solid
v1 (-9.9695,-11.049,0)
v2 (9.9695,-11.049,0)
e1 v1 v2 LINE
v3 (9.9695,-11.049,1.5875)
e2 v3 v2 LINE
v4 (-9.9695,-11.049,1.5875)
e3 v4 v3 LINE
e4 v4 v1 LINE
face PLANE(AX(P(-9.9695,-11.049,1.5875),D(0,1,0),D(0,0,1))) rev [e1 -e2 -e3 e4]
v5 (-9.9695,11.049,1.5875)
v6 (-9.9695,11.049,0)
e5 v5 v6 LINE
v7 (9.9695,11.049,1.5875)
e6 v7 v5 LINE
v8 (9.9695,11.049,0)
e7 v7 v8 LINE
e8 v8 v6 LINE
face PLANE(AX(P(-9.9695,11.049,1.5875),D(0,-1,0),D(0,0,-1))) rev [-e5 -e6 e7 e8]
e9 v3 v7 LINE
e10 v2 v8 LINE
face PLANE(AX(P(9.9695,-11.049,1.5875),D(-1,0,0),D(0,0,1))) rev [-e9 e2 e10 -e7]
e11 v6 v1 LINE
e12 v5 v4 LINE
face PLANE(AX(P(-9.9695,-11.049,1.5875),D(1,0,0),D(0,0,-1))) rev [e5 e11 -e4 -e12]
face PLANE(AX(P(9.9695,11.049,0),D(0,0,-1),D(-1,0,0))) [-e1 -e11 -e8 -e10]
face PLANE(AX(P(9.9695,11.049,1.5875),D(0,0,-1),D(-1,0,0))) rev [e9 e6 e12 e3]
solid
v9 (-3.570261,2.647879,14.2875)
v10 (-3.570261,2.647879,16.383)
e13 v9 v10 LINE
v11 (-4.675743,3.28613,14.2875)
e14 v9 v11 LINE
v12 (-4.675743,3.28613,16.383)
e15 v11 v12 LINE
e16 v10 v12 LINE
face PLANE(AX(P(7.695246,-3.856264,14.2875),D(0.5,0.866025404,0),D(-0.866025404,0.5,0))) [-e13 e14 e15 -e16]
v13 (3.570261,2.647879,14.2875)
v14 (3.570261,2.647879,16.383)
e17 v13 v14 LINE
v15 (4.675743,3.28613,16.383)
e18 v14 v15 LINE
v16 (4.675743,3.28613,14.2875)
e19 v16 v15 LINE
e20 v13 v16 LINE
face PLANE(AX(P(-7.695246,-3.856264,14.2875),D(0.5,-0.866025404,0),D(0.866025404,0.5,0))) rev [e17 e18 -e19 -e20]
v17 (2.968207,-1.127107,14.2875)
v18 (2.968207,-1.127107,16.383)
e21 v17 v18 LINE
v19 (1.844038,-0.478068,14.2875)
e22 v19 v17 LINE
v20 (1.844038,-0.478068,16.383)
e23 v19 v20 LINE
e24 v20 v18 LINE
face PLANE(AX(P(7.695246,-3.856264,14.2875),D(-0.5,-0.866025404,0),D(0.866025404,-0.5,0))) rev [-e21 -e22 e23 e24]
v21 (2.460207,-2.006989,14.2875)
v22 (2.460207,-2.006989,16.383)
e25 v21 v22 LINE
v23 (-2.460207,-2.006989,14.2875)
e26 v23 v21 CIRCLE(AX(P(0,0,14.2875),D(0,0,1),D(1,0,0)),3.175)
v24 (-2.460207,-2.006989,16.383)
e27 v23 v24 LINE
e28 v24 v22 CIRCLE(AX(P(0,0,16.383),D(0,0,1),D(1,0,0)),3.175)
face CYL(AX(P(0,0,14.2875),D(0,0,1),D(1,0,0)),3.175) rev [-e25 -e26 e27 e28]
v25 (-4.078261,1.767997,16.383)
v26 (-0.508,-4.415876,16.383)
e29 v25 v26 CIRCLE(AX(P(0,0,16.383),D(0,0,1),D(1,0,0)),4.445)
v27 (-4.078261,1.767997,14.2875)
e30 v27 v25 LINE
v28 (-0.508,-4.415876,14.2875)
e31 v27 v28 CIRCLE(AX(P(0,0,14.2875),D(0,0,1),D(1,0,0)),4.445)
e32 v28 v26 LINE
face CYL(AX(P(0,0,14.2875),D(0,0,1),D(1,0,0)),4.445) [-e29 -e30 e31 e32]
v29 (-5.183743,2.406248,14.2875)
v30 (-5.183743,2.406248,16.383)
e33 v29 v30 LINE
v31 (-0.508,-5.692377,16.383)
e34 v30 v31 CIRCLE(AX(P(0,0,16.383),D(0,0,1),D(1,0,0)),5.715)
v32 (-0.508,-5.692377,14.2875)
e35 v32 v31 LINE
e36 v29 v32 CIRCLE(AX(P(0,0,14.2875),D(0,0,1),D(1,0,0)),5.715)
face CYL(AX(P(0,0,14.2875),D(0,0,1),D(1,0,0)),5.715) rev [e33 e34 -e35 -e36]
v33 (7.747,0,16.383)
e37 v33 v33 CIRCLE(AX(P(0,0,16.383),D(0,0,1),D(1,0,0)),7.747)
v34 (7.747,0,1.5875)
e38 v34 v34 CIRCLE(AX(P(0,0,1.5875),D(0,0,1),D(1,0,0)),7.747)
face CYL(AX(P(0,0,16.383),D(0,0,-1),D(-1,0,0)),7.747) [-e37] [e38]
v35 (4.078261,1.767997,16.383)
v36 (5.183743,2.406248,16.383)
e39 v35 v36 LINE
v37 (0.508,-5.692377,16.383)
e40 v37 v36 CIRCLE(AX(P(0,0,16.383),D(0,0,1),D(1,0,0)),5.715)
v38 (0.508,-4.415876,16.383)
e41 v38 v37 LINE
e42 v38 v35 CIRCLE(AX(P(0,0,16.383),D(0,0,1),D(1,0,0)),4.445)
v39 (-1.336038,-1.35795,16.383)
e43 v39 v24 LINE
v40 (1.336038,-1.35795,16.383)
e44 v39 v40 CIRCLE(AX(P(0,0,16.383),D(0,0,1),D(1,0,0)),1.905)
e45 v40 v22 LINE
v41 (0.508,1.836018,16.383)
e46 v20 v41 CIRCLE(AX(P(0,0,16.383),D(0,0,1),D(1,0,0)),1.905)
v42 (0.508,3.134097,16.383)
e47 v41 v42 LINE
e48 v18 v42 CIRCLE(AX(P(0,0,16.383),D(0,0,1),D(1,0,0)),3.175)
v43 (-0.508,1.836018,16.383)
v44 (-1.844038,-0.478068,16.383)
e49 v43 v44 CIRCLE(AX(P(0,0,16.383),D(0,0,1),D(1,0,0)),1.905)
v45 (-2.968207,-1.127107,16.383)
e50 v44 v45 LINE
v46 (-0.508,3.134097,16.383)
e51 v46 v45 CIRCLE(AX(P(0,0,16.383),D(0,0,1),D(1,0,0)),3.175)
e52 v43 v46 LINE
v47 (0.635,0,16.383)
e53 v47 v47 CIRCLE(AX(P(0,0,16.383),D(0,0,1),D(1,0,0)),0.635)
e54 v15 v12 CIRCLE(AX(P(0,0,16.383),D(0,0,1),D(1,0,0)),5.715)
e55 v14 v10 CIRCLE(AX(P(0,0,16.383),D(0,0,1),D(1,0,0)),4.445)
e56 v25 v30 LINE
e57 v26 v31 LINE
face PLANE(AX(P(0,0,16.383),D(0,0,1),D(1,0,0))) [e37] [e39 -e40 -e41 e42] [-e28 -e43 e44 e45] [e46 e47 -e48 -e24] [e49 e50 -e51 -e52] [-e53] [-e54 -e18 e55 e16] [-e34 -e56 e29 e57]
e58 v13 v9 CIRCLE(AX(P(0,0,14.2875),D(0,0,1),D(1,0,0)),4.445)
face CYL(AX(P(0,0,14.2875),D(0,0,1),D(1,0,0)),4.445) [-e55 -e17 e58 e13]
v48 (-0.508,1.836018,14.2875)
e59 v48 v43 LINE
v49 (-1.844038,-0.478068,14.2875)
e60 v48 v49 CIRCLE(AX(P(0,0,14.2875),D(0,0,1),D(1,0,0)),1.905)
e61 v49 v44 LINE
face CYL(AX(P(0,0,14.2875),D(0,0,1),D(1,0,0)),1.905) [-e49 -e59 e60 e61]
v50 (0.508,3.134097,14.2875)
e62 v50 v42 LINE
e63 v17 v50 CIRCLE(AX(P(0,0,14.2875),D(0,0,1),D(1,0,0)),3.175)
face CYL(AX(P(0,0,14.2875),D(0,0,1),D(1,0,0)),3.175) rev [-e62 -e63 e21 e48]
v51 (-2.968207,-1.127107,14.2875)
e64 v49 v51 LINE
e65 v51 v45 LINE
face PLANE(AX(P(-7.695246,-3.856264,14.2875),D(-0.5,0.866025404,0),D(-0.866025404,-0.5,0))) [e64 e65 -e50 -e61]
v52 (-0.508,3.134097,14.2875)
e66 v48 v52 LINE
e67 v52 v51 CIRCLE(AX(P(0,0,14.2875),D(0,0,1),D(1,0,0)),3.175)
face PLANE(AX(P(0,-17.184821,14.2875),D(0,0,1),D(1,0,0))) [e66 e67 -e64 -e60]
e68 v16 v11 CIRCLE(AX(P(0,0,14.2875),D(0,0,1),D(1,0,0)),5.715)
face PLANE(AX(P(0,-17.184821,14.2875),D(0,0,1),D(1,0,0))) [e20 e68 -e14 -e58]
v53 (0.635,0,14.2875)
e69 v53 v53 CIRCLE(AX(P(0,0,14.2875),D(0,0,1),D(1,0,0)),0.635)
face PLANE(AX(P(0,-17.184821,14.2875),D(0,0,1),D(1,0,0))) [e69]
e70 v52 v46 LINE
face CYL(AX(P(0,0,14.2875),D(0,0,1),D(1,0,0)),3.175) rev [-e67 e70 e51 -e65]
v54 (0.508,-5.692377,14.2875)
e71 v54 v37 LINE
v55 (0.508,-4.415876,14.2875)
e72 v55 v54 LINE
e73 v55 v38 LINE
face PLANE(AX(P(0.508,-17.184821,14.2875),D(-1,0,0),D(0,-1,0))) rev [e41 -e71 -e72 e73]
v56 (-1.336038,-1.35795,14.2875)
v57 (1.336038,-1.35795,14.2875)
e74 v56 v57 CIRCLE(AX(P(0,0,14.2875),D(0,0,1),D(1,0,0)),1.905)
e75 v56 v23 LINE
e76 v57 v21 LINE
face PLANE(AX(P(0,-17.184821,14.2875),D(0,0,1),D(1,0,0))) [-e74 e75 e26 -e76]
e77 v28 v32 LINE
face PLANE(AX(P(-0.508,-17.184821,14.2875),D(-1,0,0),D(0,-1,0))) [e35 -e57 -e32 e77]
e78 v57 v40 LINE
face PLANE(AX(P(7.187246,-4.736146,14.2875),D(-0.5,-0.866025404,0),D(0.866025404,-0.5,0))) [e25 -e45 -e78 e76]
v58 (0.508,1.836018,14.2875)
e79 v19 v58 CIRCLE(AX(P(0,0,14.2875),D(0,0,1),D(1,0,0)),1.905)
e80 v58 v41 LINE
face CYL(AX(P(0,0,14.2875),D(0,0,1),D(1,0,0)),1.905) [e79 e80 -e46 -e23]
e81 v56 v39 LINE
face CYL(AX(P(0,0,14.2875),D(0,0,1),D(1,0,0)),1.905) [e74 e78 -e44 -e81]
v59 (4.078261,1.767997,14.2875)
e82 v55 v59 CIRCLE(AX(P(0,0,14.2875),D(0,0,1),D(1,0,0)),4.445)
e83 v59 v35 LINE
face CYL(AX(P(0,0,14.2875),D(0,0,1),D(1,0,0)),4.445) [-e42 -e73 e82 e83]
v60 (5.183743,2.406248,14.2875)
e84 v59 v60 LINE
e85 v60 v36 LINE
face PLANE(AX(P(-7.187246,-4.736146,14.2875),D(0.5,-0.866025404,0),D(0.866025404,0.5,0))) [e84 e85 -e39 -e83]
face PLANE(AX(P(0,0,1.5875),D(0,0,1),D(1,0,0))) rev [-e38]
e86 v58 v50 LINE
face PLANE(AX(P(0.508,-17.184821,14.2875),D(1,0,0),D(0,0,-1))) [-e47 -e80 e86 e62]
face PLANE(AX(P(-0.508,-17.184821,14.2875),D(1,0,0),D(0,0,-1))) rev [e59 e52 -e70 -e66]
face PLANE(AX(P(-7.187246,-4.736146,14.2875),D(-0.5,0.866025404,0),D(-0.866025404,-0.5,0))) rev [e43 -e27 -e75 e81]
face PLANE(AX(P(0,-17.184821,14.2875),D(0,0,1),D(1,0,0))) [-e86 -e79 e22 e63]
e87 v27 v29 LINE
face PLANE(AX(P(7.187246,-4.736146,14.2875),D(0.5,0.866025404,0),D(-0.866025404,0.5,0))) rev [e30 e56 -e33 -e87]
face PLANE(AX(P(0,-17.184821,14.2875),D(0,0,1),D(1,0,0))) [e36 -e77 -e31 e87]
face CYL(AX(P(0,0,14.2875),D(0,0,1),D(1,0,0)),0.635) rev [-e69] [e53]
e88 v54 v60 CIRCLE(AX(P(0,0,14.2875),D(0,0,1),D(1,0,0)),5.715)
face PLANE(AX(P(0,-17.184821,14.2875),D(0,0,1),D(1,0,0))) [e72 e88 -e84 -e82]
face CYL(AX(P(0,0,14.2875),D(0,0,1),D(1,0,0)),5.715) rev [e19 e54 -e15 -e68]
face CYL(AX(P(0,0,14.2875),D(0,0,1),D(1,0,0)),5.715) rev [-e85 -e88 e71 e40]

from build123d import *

# Parameters (mm, degrees)
SKETCH1_W      = 19.939
SKETCH1_H      = 22.098
EXTRUDE1_DEPTH = 1.5875
SKETCH2_R      = 7.747
EXTRUDE2_DEPTH = 14.7955
SKETCH3_R      = 0.635
EXTRUDE3_DEPTH = 2.0955


with BuildPart() as part:
    # Sketch1 → Extrude1 (new body)
    with BuildSketch(Plane.XY):
        Rectangle(SKETCH1_W, SKETCH1_H)
    extrude(amount=EXTRUDE1_DEPTH)


with BuildPart() as body_2:
    # Sketch2 → Extrude2 (new body)
    with BuildSketch(Plane.XY.offset(1.5875)):
        Circle(SKETCH2_R)
    extrude(amount=EXTRUDE2_DEPTH)

    # Sketch3 → Extrude3 (cut)
    with BuildSketch(Plane.XY.offset(16.383)):
        with BuildLine():
            Line((3.570260811, 2.647878914), (4.675743477, 3.286129629))
            ThreePointArc((4.675743477, 3.286129629), (0, 5.715), (-4.675743477, 3.286129629))
            Line((-4.675743477, 3.286129629), (-3.570260811, 2.647878914))
            ThreePointArc((-3.570260811, 2.647878914), (0, 4.445), (3.570260811, 2.647878914))
        make_face()
        with BuildLine():
            Line((-4.078260811, 1.767997104), (-5.183743477, 2.406247818))
            ThreePointArc((-5.183743477, 2.406247818), (-4.949335183, -2.8575), (-0.508, -5.692377447))
            Line((-0.508, -5.692377447), (-0.508, -4.415876017))
            ThreePointArc((-0.508, -4.415876017), (-3.84948292, -2.2225), (-4.078260811, 1.767997104))
        make_face()
        with BuildLine():
            Line((-0.508, 1.836017701), (-0.508, 3.134096521))
            ThreePointArc((-0.508, 3.134096521), (-2.749630657, 1.5875), (-2.968207205, -1.127107355))
            Line((-2.968207205, -1.127107355), (-1.844037971, -0.478067946))
            ThreePointArc((-1.844037971, -0.478067946), (-1.649778394, 0.9525), (-0.508, 1.836017701))
        make_face()
        with BuildLine():
            Line((-1.336037971, -1.357949756), (-2.460207205, -2.006989165))
            ThreePointArc((-2.460207205, -2.006989165), (0, -3.175), (2.460207205, -2.006989165))
            Line((2.460207205, -2.006989165), (1.336037971, -1.357949756))
            ThreePointArc((1.336037971, -1.357949756), (0, -1.905), (-1.336037971, -1.357949756))
        make_face()
        Circle(SKETCH3_R)
        with BuildLine():
            Line((1.844037971, -0.478067946), (2.968207205, -1.127107355))
            ThreePointArc((2.968207205, -1.127107355), (2.749630657, 1.5875), (0.508, 3.134096521))
            Line((0.508, 3.134096521), (0.508, 1.836017701))
            ThreePointArc((0.508, 1.836017701), (1.649778394, 0.9525), (1.844037971, -0.478067946))
        make_face()
        with BuildLine():
            ThreePointArc((0.508, -4.415876017), (3.84948292, -2.2225), (4.078260811, 1.767997104))
            Line((4.078260811, 1.767997104), (5.183743477, 2.406247818))
            ThreePointArc((5.183743477, 2.406247818), (4.949335183, -2.8575), (0.508, -5.692377447))
            Line((0.508, -5.692377447), (0.508, -4.415876017))
        make_face()
    extrude(amount=-EXTRUDE3_DEPTH, mode=Mode.SUBTRACT)


solid = Compound([part.part, body_2.part])
